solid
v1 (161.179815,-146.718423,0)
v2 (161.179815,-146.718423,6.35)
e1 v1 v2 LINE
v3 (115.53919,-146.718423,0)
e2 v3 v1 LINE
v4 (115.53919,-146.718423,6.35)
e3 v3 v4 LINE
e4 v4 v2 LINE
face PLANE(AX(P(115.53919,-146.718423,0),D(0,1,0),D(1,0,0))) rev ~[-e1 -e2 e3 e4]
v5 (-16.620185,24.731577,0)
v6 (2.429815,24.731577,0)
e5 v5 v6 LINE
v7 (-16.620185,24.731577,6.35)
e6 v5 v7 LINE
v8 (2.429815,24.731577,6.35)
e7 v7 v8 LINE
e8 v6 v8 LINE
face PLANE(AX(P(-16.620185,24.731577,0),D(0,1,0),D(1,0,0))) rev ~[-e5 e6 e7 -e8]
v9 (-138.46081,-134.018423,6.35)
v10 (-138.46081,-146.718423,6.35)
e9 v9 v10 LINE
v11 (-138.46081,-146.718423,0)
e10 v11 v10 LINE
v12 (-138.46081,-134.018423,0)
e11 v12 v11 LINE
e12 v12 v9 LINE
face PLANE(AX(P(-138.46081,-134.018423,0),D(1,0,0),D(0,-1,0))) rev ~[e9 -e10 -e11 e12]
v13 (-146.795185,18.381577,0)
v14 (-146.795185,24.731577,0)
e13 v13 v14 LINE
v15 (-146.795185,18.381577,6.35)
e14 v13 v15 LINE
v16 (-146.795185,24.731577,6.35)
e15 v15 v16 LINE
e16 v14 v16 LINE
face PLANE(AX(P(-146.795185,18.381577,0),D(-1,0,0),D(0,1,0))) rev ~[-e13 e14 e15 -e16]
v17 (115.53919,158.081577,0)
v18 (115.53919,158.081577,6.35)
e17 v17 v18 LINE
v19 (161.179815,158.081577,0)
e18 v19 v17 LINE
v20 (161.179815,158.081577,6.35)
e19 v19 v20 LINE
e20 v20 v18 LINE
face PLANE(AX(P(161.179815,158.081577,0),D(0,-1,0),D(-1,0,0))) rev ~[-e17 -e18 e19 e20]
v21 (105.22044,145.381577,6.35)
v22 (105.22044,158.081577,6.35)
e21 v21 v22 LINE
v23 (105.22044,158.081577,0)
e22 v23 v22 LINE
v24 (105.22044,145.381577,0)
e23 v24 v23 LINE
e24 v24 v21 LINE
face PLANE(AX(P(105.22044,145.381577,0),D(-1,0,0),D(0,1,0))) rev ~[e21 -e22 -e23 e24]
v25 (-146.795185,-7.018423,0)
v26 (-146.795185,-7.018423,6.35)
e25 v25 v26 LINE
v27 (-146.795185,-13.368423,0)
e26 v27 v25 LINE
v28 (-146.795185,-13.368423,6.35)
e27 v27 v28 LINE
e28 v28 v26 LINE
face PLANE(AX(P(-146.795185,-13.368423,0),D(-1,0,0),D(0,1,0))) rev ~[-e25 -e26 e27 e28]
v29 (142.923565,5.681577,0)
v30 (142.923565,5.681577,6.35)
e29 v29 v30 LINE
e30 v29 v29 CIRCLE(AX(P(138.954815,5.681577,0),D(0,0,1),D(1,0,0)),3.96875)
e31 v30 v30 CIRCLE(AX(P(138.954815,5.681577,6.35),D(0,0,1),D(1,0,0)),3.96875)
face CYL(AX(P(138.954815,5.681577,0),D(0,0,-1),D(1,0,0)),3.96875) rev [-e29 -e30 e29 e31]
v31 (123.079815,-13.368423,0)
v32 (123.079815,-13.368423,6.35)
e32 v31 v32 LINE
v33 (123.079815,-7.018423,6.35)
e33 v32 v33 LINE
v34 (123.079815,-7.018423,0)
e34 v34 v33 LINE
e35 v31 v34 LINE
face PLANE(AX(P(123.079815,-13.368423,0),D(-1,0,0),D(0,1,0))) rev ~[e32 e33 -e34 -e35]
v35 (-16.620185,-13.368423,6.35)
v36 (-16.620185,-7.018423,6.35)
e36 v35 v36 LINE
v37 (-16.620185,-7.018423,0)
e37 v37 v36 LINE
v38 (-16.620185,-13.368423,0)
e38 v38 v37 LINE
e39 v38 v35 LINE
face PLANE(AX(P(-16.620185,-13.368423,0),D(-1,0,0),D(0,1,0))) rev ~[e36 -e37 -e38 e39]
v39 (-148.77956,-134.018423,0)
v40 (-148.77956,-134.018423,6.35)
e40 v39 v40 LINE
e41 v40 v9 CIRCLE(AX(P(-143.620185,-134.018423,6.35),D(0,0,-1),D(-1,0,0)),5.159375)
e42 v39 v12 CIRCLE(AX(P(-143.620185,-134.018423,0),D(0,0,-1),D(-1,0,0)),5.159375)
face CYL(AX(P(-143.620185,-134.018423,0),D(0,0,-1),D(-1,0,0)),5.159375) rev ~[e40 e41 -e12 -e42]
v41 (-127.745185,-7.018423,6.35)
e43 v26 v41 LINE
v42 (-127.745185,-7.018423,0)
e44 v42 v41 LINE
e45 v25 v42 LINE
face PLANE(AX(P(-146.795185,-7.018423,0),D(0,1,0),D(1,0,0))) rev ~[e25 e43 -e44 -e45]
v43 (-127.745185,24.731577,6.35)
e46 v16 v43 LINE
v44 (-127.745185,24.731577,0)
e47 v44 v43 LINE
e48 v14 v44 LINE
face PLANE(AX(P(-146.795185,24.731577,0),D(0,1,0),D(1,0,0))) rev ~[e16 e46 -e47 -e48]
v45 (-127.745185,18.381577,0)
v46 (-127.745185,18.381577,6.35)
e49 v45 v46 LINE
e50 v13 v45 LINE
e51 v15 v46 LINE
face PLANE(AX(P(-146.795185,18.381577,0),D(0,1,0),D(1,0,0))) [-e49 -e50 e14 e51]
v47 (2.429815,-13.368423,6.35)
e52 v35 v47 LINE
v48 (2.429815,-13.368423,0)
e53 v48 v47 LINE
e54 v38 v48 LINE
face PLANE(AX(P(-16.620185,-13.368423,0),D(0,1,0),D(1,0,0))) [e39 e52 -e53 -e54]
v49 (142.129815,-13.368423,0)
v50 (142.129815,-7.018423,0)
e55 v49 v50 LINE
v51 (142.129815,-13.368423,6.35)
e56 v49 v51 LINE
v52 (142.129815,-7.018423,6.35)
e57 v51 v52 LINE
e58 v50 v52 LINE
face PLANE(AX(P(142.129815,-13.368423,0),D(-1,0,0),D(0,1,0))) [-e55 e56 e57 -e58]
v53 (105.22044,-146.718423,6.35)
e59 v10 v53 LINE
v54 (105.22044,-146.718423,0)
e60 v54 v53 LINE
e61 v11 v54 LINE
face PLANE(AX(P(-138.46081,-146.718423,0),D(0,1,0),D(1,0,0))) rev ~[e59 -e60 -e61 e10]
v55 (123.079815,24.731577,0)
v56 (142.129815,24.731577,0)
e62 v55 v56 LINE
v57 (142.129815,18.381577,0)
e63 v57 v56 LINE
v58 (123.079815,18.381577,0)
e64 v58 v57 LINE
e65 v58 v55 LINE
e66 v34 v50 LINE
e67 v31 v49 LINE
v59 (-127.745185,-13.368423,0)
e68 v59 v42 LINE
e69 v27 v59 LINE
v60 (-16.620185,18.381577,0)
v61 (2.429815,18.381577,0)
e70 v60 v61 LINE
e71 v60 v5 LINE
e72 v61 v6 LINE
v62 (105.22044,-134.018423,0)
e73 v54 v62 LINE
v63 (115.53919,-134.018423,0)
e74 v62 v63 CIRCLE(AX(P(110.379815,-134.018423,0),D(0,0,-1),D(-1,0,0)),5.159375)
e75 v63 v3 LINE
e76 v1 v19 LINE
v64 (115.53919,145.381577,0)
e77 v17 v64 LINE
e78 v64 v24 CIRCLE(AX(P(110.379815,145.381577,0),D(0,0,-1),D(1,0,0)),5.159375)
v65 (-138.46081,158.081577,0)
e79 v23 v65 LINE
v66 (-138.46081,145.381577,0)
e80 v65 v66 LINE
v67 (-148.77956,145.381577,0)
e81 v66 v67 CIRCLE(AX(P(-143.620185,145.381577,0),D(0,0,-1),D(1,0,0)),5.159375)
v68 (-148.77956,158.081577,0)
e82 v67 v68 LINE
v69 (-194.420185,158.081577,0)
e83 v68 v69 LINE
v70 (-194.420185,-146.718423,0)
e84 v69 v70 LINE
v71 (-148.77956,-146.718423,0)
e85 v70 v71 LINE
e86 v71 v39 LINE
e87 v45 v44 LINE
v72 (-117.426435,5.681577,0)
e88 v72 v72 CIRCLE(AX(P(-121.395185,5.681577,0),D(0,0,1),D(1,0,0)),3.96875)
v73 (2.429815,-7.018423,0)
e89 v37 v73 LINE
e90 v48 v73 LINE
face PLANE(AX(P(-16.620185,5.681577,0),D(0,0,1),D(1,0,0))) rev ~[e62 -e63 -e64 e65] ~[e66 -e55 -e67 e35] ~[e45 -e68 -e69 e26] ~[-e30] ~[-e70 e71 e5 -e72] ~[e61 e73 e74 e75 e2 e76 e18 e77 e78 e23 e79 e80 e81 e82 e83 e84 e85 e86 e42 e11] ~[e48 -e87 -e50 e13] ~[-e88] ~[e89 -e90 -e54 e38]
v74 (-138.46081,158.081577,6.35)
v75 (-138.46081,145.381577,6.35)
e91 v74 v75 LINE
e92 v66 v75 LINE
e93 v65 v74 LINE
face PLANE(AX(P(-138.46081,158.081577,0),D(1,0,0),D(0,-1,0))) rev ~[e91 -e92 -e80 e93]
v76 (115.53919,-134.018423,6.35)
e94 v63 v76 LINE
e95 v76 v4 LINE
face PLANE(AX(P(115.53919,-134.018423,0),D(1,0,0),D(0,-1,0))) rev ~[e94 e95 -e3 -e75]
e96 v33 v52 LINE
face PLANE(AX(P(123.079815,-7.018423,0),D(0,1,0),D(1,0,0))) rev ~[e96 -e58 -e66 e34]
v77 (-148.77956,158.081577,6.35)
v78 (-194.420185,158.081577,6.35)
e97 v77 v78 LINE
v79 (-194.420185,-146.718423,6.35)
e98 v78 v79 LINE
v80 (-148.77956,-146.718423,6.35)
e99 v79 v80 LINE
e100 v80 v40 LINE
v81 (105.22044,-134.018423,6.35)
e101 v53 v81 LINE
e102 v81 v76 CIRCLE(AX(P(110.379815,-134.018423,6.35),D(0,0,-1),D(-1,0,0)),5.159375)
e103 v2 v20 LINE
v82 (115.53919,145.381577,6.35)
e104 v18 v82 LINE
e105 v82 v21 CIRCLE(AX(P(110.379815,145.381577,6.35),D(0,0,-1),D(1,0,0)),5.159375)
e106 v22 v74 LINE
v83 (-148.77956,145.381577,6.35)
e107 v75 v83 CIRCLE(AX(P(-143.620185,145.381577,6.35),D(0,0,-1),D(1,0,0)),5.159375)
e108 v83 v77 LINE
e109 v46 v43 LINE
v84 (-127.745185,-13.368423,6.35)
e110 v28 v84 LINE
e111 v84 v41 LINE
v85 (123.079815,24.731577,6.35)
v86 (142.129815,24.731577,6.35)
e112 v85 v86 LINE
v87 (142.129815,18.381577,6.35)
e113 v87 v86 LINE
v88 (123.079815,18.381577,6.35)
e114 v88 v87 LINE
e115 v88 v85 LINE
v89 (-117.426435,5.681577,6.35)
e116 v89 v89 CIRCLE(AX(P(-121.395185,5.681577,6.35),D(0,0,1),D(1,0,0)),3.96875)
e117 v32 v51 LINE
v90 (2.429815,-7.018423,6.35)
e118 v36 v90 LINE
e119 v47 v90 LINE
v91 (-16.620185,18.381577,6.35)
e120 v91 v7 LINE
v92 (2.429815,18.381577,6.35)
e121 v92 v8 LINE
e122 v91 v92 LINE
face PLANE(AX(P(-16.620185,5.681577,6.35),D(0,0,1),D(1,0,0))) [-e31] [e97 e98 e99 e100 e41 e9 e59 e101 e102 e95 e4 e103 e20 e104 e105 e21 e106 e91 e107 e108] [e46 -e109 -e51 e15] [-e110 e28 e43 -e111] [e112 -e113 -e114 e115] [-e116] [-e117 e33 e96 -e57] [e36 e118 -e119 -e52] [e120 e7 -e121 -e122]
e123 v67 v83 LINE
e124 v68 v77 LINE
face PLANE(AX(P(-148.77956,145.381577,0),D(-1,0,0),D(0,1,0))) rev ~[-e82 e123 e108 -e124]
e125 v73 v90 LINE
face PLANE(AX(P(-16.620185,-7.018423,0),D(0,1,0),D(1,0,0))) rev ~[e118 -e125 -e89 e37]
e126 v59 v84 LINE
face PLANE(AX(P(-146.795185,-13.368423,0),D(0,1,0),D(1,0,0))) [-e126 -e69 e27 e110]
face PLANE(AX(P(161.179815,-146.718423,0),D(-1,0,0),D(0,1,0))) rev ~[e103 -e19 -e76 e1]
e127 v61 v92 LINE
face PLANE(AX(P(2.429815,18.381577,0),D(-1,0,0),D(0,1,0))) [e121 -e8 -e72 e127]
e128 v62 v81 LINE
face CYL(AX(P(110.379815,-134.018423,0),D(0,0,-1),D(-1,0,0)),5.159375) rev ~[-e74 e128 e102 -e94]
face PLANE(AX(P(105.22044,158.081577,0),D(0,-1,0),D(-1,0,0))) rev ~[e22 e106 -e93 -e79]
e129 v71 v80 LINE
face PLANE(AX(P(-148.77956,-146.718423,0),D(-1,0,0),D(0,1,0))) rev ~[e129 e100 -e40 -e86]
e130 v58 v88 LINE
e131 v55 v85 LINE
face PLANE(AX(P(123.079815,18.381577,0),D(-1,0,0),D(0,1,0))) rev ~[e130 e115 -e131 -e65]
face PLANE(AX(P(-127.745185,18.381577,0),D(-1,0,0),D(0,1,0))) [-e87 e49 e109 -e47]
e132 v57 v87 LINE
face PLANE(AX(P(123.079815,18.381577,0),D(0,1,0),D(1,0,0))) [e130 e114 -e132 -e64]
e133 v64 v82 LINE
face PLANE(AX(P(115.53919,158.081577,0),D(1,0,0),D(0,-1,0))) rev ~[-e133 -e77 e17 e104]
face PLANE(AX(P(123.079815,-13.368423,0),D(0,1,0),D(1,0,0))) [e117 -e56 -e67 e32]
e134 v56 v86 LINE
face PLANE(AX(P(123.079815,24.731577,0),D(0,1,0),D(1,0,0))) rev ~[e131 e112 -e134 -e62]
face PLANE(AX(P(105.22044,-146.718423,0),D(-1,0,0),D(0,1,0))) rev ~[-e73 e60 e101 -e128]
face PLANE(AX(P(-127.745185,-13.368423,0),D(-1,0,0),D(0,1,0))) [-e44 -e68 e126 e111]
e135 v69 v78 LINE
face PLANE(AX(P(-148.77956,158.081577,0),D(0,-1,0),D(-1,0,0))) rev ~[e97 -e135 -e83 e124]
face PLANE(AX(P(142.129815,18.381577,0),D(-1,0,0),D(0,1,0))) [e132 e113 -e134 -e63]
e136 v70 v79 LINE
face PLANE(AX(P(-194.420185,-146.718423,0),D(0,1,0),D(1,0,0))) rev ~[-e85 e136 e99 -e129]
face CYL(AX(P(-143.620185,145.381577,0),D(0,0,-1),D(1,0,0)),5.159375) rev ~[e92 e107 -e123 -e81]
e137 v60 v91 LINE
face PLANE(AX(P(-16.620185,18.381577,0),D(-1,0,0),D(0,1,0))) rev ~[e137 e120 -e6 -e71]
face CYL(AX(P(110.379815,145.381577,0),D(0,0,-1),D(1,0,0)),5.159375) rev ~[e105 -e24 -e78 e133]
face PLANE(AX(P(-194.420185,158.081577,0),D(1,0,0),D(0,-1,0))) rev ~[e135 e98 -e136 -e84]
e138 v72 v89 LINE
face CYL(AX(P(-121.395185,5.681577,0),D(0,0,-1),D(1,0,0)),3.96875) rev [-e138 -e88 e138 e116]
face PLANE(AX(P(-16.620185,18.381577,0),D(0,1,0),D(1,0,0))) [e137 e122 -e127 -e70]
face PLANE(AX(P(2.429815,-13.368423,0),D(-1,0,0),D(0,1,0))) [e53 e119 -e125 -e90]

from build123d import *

# Parameters (mm, degrees)
F0_W     = 19.05
F0_H     = 6.35
F0_R     = 3.96875
F1_DEPTH = 6.35


with BuildPart() as f1:
    # F0 (on Top) → F1 (new body)
    with BuildSketch(Plane.XY):
        with BuildLine():
            Line((-194.420185, 158.081577), (-194.420185, -146.718423))
            Line((-194.420185, -146.718423), (-148.77956, -146.718423))
            Line((-148.77956, -146.718423), (-148.77956, -134.018423))
            ThreePointArc((-148.77956, -134.018423), (-143.620185, -128.859048), (-138.46081, -134.018423))
            Line((-138.46081, -134.018423), (-138.46081, -146.718423))
            Line((-138.46081, -146.718423), (105.22044, -146.718423))
            Line((105.22044, -146.718423), (105.22044, -134.018423))
            ThreePointArc((105.22044, -134.018423), (110.379815, -128.859048), (115.53919, -134.018423))
            Line((115.53919, -134.018423), (115.53919, -146.718423))
            Line((115.53919, -146.718423), (161.179815, -146.718423))
            Line((161.179815, -146.718423), (161.179815, 158.081577))
            Line((161.179815, 158.081577), (115.53919, 158.081577))
            Line((115.53919, 158.081577), (115.53919, 145.381577))
            ThreePointArc((115.53919, 145.381577), (110.379815, 140.222202), (105.22044, 145.381577))
            Line((105.22044, 145.381577), (105.22044, 158.081577))
            Line((105.22044, 158.081577), (-138.46081, 158.081577))
            Line((-138.46081, 158.081577), (-138.46081, 145.381577))
            ThreePointArc((-138.46081, 145.381577), (-143.620185, 140.222202), (-148.77956, 145.381577))
            Line((-148.77956, 145.381577), (-148.77956, 158.081577))
            Line((-148.77956, 158.081577), (-194.420185, 158.081577))
        make_face()
        with Locations((-137.270185, -10.193423)):
            Rectangle(F0_W, F0_H, mode=Mode.SUBTRACT)
        with Locations((-121.395185, 5.681577)):
            Circle(F0_R, mode=Mode.SUBTRACT)
        with Locations((-7.095185, -10.193423)):
            Rectangle(F0_W, F0_H, mode=Mode.SUBTRACT)
        with Locations((132.604815, -10.193423)):
            Rectangle(F0_W, F0_H, mode=Mode.SUBTRACT)
        with Locations((-137.270185, 21.556577)):
            Rectangle(F0_W, F0_H, mode=Mode.SUBTRACT)
        with Locations((-7.095185, 21.556577)):
            Rectangle(F0_W, F0_H, mode=Mode.SUBTRACT)
        with Locations((132.604815, 21.556577)):
            Rectangle(F0_W, F0_H, mode=Mode.SUBTRACT)
        with Locations((138.954815, 5.681577)):
            Circle(F0_R, mode=Mode.SUBTRACT)
    extrude(amount=F1_DEPTH)


solid = f1.part
